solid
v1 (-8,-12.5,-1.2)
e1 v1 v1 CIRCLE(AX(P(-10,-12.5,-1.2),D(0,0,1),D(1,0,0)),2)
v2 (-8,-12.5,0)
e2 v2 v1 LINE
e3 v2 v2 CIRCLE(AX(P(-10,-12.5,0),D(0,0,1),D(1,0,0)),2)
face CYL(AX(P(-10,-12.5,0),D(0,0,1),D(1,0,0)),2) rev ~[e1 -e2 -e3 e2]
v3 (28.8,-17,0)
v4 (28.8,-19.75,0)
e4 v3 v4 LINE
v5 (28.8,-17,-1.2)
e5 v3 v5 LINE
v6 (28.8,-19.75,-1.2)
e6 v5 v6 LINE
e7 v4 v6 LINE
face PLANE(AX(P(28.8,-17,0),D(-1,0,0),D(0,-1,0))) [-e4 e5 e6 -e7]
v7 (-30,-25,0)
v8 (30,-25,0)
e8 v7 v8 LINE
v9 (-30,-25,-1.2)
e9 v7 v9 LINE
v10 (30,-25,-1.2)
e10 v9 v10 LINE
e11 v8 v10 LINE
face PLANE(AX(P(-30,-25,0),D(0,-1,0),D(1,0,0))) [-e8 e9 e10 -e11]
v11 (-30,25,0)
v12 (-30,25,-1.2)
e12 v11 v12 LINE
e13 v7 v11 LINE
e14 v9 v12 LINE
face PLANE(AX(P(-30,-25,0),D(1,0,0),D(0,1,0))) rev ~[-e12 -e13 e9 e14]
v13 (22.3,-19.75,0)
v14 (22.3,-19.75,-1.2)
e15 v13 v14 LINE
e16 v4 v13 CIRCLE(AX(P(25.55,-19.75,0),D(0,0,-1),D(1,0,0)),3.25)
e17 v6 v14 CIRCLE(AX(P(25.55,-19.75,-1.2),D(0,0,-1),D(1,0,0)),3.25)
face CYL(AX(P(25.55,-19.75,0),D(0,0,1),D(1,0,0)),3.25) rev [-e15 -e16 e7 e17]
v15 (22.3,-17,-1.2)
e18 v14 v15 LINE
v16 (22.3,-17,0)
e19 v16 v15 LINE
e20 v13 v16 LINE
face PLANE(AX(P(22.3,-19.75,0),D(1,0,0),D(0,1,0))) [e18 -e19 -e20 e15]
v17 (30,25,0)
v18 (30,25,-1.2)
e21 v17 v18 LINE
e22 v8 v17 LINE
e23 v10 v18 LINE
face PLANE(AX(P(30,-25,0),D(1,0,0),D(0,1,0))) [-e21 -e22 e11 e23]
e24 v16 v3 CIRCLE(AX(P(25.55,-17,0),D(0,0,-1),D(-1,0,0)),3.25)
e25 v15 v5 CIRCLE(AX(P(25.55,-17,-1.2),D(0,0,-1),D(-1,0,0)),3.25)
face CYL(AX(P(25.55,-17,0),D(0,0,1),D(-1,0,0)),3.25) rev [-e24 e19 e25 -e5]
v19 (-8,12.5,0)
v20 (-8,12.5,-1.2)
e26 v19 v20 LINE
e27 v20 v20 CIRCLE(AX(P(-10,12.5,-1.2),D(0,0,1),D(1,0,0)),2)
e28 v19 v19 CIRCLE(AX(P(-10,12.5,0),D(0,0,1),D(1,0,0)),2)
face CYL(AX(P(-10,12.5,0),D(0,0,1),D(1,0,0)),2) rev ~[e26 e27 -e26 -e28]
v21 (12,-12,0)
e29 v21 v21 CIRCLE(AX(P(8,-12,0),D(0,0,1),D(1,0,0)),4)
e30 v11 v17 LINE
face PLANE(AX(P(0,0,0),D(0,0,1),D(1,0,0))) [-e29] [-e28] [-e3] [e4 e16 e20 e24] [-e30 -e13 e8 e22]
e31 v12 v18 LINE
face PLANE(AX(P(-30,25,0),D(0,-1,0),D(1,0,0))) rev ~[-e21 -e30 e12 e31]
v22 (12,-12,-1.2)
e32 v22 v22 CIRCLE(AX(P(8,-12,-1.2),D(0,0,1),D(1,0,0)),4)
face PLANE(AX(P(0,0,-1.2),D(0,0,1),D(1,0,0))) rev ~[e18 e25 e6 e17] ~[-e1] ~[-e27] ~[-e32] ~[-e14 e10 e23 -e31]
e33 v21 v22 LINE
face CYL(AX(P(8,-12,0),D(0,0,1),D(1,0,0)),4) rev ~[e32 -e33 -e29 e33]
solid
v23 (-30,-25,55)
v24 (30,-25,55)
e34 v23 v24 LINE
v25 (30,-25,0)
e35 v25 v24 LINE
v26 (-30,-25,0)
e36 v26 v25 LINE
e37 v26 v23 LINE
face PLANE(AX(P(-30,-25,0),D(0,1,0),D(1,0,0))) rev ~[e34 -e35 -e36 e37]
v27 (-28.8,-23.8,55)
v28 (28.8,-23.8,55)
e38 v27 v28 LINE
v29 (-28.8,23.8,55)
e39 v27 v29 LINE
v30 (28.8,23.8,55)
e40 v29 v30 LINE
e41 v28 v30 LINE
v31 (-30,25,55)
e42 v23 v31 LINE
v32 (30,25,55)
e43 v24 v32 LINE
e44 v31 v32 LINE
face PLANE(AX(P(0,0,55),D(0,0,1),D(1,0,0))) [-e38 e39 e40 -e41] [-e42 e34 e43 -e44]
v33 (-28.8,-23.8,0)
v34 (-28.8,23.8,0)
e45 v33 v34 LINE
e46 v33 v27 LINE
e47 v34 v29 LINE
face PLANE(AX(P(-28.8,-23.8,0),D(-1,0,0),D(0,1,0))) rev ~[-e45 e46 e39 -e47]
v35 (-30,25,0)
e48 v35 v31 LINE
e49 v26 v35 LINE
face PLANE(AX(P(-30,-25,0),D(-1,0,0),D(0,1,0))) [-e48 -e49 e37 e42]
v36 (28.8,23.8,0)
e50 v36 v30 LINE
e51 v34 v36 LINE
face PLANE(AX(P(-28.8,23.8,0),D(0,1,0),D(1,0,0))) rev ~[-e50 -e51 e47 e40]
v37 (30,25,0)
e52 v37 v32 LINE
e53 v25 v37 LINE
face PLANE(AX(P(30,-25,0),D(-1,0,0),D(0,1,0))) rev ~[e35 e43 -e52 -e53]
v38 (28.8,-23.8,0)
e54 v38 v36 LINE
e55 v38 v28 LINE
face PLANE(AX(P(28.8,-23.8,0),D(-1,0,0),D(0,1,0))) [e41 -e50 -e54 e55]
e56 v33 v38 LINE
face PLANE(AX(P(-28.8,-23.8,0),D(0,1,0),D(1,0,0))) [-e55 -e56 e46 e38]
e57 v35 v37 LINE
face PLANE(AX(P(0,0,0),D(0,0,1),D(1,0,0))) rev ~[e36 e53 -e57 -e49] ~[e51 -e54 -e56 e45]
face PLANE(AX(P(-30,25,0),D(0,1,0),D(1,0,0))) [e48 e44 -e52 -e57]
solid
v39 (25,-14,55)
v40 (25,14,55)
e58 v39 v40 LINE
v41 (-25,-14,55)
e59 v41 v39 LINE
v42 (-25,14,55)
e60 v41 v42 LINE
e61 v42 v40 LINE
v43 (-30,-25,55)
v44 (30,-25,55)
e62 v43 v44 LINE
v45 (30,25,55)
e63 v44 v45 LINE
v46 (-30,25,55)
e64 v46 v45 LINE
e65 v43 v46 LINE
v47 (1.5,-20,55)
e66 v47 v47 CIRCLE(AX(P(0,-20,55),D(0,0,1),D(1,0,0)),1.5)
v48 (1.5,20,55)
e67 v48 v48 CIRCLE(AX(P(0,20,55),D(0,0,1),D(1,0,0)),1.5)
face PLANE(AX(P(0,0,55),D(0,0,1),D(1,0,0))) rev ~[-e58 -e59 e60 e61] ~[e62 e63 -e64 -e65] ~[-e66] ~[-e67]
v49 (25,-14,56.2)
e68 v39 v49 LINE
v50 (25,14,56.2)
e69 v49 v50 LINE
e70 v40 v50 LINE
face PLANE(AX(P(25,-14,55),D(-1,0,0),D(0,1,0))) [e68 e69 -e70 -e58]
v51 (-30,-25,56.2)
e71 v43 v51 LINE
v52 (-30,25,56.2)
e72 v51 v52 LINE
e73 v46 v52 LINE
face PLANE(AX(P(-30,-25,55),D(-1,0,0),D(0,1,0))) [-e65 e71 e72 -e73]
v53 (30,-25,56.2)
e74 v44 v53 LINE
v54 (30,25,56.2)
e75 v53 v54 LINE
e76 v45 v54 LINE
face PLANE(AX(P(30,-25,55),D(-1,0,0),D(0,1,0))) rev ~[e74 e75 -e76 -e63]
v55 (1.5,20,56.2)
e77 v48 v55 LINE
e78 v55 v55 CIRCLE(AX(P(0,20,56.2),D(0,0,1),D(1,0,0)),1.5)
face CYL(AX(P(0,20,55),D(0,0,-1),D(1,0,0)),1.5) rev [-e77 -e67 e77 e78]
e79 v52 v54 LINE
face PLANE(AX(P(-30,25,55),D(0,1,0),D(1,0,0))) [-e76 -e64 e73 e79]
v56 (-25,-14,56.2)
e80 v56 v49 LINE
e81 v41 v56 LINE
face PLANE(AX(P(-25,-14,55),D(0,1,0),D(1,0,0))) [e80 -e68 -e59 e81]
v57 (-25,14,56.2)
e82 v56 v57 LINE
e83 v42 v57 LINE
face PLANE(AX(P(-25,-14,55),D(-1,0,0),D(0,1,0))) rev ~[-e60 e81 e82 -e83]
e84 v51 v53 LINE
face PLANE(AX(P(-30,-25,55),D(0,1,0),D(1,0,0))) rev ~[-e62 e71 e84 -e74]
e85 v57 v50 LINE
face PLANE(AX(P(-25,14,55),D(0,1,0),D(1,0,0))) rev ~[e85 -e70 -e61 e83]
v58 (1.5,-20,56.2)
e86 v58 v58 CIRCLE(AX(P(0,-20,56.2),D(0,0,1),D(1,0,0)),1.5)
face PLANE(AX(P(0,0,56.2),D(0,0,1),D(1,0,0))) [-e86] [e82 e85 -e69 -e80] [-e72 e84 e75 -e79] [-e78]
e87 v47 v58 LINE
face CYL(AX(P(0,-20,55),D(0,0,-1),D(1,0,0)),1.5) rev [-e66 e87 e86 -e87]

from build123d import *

# Parameters (mm, degrees)
F0_W     = 60
F0_H     = 50
F0_W_2   = 57.6
F0_H_2   = 47.6
F1_DEPTH = 55
F2_W     = 60
F2_H     = 50
F2_R     = 1.5
F2_W_2   = 50
F2_H_2   = 28
F3_DEPTH = 1.2
F4_W     = 60
F4_H     = 50
F4_R     = 2
F4_R_2   = 4
F5_DEPTH = 1.2


with BuildPart() as f1:
    # F0 (on Top) → F1 (new body)
    with BuildSketch(Plane.XY):
        Rectangle(F0_W, F0_H)
        Rectangle(F0_W_2, F0_H_2, mode=Mode.SUBTRACT)
    extrude(amount=F1_DEPTH)


with BuildPart() as f3:
    # F2 (on face) → F3 (new body)
    with BuildSketch(Plane.XY.offset(55)):
        Rectangle(F2_W, F2_H)
        with Locations((0, -20)):
            Circle(F2_R, mode=Mode.SUBTRACT)
        Rectangle(F2_W_2, F2_H_2, mode=Mode.SUBTRACT)
        with Locations((0, 20)):
            Circle(F2_R, mode=Mode.SUBTRACT)
    extrude(amount=F3_DEPTH)


with BuildPart() as f5:
    # F4 (on Top) → F5 (new body)
    with BuildSketch(Plane.XY):
        Rectangle(F4_W, F4_H)
        with Locations((-10, -12.5)):
            Circle(F4_R, mode=Mode.SUBTRACT)
        with BuildLine():
            Line((28.8, -17), (28.8, -19.75))
            ThreePointArc((28.8, -19.75), (25.55, -23), (22.3, -19.75))
            Line((22.3, -19.75), (22.3, -17))
            ThreePointArc((22.3, -17), (25.55, -13.75), (28.8, -17))
        make_face(mode=Mode.SUBTRACT)
        with Locations((8, -12)):
            Circle(F4_R_2, mode=Mode.SUBTRACT)
        with Locations((-10, 12.5)):
            Circle(F4_R, mode=Mode.SUBTRACT)
    extrude(amount=-F5_DEPTH)


solid = Compound([f1.part, f3.part, f5.part])
